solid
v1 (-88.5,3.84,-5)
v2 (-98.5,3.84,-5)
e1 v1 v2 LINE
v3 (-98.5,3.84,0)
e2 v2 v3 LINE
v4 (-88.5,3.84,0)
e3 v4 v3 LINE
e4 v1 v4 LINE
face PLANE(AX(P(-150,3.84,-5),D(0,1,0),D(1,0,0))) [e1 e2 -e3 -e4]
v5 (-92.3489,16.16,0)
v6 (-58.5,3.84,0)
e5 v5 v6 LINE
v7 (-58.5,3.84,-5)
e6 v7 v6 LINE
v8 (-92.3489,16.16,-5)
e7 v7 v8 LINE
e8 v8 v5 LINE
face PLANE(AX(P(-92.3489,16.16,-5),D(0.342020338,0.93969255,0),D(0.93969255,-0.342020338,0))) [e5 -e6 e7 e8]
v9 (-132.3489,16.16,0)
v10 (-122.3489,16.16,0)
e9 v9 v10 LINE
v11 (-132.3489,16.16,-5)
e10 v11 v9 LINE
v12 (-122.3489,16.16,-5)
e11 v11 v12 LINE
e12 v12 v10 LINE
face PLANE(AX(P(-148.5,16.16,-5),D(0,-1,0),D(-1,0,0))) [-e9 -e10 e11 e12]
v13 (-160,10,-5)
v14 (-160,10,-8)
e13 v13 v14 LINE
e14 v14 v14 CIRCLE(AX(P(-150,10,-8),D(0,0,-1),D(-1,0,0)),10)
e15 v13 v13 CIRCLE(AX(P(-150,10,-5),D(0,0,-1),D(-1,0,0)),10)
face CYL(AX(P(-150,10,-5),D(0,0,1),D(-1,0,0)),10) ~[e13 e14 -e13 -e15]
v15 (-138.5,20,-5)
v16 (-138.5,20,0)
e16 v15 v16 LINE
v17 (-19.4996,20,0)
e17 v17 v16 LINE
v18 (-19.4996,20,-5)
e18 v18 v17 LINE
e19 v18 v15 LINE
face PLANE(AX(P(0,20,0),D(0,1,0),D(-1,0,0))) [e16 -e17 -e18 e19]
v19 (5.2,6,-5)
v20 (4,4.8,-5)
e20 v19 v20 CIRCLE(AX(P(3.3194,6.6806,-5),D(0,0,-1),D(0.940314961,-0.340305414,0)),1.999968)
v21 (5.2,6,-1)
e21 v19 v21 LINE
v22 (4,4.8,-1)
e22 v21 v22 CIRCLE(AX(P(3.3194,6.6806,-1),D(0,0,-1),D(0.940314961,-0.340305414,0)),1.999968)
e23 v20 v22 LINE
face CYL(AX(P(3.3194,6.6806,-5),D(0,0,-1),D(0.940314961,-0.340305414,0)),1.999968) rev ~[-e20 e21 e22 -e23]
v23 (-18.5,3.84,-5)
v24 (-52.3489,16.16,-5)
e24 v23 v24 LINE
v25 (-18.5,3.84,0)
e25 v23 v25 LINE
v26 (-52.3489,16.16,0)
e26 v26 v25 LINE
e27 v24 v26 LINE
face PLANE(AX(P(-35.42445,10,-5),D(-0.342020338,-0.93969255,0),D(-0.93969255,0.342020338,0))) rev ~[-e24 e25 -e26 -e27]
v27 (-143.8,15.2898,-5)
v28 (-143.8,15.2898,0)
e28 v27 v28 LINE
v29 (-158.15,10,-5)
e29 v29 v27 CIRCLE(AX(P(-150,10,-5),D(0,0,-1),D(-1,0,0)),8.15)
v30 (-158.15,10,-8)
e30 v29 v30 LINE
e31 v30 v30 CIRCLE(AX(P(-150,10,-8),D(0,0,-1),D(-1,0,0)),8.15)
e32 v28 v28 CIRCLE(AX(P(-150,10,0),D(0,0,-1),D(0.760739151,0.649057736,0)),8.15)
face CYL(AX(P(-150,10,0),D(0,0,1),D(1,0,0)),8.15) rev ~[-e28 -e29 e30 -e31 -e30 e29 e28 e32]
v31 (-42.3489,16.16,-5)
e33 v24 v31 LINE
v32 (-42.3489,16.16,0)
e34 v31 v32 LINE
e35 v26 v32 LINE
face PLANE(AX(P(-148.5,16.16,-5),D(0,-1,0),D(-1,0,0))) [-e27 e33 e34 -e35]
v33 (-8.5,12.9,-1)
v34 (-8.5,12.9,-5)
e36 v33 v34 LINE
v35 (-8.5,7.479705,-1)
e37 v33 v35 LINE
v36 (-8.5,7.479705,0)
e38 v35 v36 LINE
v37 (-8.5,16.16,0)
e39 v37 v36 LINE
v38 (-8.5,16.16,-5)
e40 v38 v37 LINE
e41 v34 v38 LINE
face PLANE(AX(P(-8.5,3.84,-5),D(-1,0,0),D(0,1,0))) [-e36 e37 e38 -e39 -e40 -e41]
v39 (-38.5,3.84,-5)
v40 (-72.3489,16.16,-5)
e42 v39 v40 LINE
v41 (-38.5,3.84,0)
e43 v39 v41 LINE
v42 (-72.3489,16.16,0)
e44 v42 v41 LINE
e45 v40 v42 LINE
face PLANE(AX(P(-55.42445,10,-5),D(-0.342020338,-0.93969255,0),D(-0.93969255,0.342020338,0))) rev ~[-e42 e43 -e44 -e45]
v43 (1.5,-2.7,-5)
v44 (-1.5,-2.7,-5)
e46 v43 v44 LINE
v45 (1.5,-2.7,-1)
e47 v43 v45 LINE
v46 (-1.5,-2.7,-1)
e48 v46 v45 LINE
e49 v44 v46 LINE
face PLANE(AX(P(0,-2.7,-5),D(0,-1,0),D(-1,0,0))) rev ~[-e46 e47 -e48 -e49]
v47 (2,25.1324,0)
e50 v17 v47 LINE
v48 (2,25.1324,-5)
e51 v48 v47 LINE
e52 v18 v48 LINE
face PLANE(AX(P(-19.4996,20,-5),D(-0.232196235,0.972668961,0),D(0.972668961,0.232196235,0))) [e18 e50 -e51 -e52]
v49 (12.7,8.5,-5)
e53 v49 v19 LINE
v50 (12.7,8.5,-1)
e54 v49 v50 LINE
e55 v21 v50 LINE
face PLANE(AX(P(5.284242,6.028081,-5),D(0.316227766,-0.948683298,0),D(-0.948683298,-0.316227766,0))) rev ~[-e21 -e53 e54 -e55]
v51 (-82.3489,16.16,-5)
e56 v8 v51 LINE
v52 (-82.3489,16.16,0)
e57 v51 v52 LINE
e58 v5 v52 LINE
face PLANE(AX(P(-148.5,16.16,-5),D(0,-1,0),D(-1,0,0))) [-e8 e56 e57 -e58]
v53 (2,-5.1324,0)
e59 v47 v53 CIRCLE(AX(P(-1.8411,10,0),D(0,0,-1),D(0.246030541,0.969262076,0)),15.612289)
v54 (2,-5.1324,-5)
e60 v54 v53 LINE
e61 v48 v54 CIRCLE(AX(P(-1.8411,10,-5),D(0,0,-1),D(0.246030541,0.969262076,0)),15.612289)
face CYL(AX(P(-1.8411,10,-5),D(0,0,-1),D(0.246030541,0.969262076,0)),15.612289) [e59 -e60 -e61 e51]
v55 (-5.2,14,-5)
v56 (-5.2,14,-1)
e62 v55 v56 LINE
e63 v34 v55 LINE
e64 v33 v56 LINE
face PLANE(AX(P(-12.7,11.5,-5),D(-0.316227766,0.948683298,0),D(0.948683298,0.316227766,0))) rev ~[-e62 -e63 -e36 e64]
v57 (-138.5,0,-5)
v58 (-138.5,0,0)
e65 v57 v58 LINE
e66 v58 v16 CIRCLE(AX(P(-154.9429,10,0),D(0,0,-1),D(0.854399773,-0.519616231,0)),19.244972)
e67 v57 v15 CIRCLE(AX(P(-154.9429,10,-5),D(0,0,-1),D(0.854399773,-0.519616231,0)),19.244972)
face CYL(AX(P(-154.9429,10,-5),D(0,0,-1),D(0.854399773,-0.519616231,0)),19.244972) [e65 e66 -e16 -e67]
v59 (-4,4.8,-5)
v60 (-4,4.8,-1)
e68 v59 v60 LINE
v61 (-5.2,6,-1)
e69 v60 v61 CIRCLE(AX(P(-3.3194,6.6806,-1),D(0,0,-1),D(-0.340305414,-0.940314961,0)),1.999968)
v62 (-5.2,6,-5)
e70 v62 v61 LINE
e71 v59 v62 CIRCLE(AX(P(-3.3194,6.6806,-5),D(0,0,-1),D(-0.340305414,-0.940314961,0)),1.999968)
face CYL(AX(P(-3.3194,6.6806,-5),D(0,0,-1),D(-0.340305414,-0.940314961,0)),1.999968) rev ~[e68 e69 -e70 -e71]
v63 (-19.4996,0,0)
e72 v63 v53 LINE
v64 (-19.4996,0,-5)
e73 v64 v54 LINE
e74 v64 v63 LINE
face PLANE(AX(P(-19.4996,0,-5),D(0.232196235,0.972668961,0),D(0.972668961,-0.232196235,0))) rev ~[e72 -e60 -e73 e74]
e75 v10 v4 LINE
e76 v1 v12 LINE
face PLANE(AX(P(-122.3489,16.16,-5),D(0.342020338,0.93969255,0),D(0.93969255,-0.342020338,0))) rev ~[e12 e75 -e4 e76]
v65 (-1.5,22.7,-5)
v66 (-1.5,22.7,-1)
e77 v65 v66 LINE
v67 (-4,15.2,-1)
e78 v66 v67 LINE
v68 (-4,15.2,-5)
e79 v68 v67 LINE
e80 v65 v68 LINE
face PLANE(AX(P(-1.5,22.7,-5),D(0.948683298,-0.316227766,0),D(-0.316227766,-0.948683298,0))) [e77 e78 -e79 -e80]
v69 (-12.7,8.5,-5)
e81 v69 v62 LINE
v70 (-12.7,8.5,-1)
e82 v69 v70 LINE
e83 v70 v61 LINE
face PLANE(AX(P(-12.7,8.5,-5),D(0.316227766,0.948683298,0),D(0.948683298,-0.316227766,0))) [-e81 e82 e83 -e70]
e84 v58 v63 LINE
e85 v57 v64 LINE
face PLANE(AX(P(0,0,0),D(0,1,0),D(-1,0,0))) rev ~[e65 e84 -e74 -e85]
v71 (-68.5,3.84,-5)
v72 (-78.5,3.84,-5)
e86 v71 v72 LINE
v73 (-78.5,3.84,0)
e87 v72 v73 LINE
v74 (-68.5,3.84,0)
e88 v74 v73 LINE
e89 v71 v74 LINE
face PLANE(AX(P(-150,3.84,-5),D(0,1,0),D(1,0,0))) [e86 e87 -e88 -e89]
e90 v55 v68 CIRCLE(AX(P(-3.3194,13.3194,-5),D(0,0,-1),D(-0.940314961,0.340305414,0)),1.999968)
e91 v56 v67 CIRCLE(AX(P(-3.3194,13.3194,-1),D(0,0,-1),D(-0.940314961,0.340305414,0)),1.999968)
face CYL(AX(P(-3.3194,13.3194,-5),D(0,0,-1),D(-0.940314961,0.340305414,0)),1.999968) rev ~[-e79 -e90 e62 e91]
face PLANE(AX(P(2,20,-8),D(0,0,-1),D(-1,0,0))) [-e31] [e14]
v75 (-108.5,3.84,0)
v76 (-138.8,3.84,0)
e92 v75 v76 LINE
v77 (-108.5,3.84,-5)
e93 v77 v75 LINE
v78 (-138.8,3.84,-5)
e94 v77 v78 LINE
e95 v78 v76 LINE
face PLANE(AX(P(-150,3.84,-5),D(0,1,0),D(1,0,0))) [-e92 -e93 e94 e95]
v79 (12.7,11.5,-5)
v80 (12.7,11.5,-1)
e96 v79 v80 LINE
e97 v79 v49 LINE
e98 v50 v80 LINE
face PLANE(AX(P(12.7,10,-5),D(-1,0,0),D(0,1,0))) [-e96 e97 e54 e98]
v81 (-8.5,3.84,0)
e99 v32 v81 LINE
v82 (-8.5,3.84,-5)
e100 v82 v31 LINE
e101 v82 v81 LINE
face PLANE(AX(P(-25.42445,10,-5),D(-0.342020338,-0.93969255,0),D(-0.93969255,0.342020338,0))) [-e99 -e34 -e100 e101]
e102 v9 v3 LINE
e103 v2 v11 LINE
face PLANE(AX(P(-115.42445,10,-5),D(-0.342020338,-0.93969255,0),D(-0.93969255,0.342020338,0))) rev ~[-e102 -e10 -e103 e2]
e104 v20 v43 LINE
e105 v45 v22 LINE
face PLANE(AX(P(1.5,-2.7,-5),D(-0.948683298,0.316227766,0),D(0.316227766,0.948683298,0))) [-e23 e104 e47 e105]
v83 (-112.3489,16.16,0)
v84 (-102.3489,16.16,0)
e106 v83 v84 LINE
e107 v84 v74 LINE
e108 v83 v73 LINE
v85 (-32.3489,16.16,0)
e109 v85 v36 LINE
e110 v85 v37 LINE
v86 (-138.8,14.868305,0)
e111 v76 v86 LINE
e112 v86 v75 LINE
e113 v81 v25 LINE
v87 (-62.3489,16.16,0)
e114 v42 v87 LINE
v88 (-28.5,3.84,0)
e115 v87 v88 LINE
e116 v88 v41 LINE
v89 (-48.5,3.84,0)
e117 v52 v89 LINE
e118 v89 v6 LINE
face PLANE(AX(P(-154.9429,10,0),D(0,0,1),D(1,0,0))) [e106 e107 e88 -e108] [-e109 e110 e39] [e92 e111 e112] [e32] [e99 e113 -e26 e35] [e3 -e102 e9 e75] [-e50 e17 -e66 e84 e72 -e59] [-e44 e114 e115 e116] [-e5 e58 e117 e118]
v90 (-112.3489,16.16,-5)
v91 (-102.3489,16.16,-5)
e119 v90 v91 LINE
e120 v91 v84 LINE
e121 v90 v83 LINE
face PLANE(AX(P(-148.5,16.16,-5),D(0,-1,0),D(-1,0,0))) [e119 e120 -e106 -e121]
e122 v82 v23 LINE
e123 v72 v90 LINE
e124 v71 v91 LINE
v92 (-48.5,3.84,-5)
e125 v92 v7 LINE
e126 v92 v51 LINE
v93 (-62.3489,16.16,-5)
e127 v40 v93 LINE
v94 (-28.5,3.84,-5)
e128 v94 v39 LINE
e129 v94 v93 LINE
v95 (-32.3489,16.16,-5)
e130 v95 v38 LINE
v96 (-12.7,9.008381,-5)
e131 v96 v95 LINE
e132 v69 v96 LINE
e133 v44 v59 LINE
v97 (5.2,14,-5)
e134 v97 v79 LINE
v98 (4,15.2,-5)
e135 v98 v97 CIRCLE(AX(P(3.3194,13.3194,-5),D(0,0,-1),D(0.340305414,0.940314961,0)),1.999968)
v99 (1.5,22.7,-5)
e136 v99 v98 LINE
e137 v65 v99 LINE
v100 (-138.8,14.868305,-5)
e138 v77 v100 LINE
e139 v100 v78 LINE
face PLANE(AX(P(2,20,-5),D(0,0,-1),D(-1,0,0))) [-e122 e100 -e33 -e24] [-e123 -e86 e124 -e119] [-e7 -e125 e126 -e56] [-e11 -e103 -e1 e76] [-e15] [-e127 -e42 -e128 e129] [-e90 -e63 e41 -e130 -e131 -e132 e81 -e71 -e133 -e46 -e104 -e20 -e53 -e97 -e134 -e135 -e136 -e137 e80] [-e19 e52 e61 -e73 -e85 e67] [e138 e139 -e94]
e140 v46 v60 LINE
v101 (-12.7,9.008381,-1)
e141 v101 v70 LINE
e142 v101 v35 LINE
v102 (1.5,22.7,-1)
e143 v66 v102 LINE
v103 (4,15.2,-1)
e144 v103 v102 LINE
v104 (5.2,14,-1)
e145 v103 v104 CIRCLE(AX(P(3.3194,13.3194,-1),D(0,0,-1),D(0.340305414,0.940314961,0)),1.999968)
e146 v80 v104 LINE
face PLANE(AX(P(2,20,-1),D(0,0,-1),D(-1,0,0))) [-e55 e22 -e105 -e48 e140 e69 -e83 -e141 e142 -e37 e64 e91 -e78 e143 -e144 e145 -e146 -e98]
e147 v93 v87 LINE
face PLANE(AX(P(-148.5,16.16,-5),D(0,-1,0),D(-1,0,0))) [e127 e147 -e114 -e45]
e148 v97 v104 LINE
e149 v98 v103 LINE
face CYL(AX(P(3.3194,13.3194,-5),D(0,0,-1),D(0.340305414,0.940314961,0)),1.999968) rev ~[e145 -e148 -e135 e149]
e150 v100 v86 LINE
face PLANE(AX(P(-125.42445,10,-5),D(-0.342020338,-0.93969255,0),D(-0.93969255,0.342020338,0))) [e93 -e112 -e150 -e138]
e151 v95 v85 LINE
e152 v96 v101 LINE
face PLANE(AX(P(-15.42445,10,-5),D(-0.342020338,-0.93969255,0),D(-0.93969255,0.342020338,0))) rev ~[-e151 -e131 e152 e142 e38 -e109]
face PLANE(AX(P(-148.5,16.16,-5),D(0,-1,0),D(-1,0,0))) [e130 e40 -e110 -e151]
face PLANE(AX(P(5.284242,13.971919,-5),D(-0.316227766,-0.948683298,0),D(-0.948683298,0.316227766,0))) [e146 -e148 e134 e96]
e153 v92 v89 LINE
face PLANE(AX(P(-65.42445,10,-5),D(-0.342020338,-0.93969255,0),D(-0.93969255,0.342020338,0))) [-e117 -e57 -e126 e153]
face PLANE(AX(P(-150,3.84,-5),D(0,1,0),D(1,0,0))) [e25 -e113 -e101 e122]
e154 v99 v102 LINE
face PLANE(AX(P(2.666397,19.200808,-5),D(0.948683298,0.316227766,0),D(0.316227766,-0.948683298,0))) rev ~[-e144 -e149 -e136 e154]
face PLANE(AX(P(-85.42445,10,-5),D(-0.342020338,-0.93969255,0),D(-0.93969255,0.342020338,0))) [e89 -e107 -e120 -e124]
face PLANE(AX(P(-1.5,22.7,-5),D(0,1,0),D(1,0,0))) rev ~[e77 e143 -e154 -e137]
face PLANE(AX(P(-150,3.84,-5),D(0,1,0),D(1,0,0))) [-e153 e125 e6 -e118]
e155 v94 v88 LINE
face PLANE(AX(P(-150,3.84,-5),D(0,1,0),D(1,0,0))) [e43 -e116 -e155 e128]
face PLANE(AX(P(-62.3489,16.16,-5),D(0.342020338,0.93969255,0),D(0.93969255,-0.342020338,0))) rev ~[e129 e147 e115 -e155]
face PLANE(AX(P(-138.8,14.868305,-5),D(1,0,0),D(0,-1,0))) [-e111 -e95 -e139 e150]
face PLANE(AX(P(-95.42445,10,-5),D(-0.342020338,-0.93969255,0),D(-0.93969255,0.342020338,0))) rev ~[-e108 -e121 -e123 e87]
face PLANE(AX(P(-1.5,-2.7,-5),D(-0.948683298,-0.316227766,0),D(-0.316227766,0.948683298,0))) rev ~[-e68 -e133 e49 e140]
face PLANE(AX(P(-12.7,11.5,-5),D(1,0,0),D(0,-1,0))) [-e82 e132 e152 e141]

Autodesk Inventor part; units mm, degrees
ref_plane "YZ Plane" through (0, 0, 0) normal (1, 0, 0) x (0, 1, 0)
ref_plane "XZ Plane" through (0, 0, 0) normal (0, 1, 0) x (-1, 0, 0)
sketch "Szkic1" plane through (0, 0, 0) normal (0, 1, 0) x (-1, 0, 0)
  line L0 (0, 0) -> (150, 0)
  line L1 (150, 0) -> (150, -5)
  line L2 (150, -5) -> (0, -5)
  line L3 (0, -5) -> (0, 0)
  dimension "d0" = 150
  dimension "d1" = 5
extrude "Wyciągnięcie proste1" add sketch "Szkic1" along normal blind 20
sketch "Szkic2" plane through (0, 0, -5) normal (0, 0, -1) x (-1, 0, 0)
  line L0 (0, 0) -> (0, 20) projected
  circle A0 centre (0, 10) radius 2.95
  line L1 (0, 20) -> (-2, 20)
  line L2 (0, 0) -> (-2, 0)
  arc A1 (-2, 20) -> (-2, 0) centre (9.1803, 10) ccw
  line L3 (0, 10) -> (150, 10)
  line L4 (150, 10) -> (138.5, 10)
  line L5 (138.5, 10) -> (170.9, 10)
  line L6 (150, 0) -> (150, 20) projected
  line L7 (138.5, 10) -> (170.9, 10) construction
  line L8 (138.5, 10) -> (170.9, 10)
  line L9 (170.9, 10) -> (170.9, 16.16)
  line L10 (170.9, 16.16) -> (138.5, 16.16)
  line L11 (138.5, 16.16) -> (138.5, 10)
  line L12 (138.5, 10) -> (170.9, 10)
  line L13 (170.9, 10) -> (170.9, 3.84)
  line L14 (170.9, 3.84) -> (138.5, 3.84)
  line L15 (138.5, 3.84) -> (138.5, 10)
  line L16 (0, 0) -> (150, 0) projected
  line L17 (0, 20) -> (150, 20) projected
  arc A2 (138.5, 0) -> (138.5, 20) centre (154.9429, 10) ccw
  point P0 (150, 3.84)
  point P1 (150, 16.16)
  point P2 (0, 7.05)
  point P3 (0, 12.95)
  dimension "d4" = 5.9
  dimension "d5" = 2
  dimension "d6" = 2
  dimension "d7" = 15
  dimension "d8" = 150
  dimension "d9" = 11.5
  dimension "d10" = 32.4
  dimension "d11" = 0
  dimension "d12" = 6.16
  dimension "d13" = 6.16
extrude "Wyciągnięcie proste2" add sketch "Szkic2" against normal blind 5 contours L2 A1 L1 L0 A0 | L16 L6 L14 L13 L9 L10 L17 A2
sketch "Szkic3" plane through (2, 20, -5) normal (0, 0, -1) x (-1, 0, 0)
  arc A0 (2, -7.05) -> (2, -12.95) centre (2, -10) ccw projected
  circle A1 centre (2, -10) radius 2.95
  line L0 (152, -16.16) -> (152, -3.84) projected
  line L1 (152, -16.16) -> (150.5, -16.16)
  line L2 (150.5, -16.16) -> (150.5, -3.84)
  line L3 (150.5, -3.84) -> (152, -3.84)
  line L4 (140.5, -16.16) -> (10.5, -16.16)
  line L5 (10.5, -16.16) -> (10.5, -3.84)
  line L6 (10.5, -3.84) -> (140.5, -3.84)
  line L7 (140.5, -3.84) -> (140.5, -16.16)
  line L8 (150.5, -16.16) -> (150.3, -16.16)
  line L9 (150.3, -16.16) -> (150.3, -3.84)
  line L10 (150.3, -3.84) -> (150.5, -3.84)
  line L11 (152, -16.16) -> (140.5, -16.16)
  line L12 (140.5, -16.16) -> (140.5, -3.84)
  line L13 (140.5, -3.84) -> (152, -3.84)
  line L14 (152, -3.84) -> (152, -16.16)
  point P0 (2, -20)
  dimension "d16" = 1.5
  dimension "d17" = 130
  dimension "d18" = 12.32
  dimension "d21" = 0.2
  dimension "d24" = 11.5
extrude "Wyciągnięcie proste3" cut sketch "Szkic3" against normal through all
sketch "Szkic5" plane through (2, 20, -5) normal (0, 0, -1) x (-1, 0, 0)
  circle A0 centre (2, -10) radius 2.95 projected
  line L0 (2, -10) -> (152, -10)
  line L1 (2, -10) -> (152, -10) construction
  circle A1 centre (152, -10) radius 5.0551
  line L2 (152, -10) -> (145.8, -10)
  line L3 (145.8, -10) -> (145.8, -3.84)
  line L4 (10.5, -3.84) -> (172.9, -3.84) projected
  line L5 (145.8, -3.84) -> (140.8, -3.84)
  line L6 (140.8, -3.84) -> (140.8, -16.16)
  line L7 (172.9, -16.16) -> (10.5, -16.16) projected
  line L8 (145.8, -10) -> (145.8, -16.16)
  line L9 (145.8, -16.16) -> (140.8, -16.16)
  line L10 (10.5, -16.16) -> (10.5, -3.84) projected
  line L11 (10.5, -16.16) -> (44.3489, -3.84)
  line L12 (10.5, -16.16) -> (46.5213, -16.16) construction
  line L13 (44.3489, -3.84) -> (54.3489, -3.84)
  line L14 (10.5, -16.16) -> (20.5, -16.16)
  line L15 (20.5, -16.16) -> (54.3489, -3.84)
  line L16 (20.5, -16.16) -> (30.5, -16.16)
  line L17 (54.3489, -3.84) -> (64.3489, -3.84)
  line L18 (64.3489, -3.84) -> (30.5, -16.16)
  line L19 (44.3489, -3.84) -> (34.3489, -3.84)
  line L20 (10.5, -16.16) -> (0.5, -16.16)
  line L21 (0.5, -16.16) -> (34.3489, -3.84)
  line L22 (40.5, -16.16) -> (74.3489, -3.84)
  line L23 (50.5, -16.16) -> (84.3489, -3.84)
  line L24 (94.3489, -3.84) -> (60.5, -16.16)
  line L25 (30.5, -16.16) -> (64.3489, -3.84)
  line L26 (70.5, -16.16) -> (104.3489, -3.84)
  line L27 (80.5, -16.16) -> (114.3489, -3.84)
  line L28 (124.3489, -3.84) -> (90.5, -16.16)
  line L29 (60.5, -16.16) -> (94.3489, -3.84)
  line L30 (100.5, -16.16) -> (134.3489, -3.84)
  line L31 (110.5, -16.16) -> (144.3489, -3.84)
  line L32 (90.5, -16.16) -> (124.3489, -3.84)
  point P0 (2, -20)
  point P1 (10.5, -12.5203)
  point P2 (60.5, -16.16)
  point P3 (140.8, -5.1317)
  dimension "d25" = 150
  dimension "d26" = 0
  dimension "d27" = 6.2
  dimension "d28" = 5
  dimension "d29" = 20
  dimension "d30" = 10
  dimension "d31" = 10
  dimension "d32" = 10
  dimension "d33" = 10
  dimension "d34" = 10
  dimension "d35" = 10
  dimension "d36" = 10
  dimension "d37" = 10
  dimension "d38" = 10
  dimension "d39" = 10
  dimension "d40" = 10
  dimension "d41" = 10
  dimension "d42" = 10
  dimension "d43" = 10
  dimension "d44" = 10
  dimension "d45" = 10
  dimension "d46" = 10
  dimension "d47" = 10
  dimension "d48" = 10
  dimension "d49" = 10
  dimension "d52" = 10
  dimension "d53" = 10
extrude "Wyciągnięcie proste4" add sketch "Szkic5" against normal blind 5 contours L21 L4 L11 L0 | L0 L11 L10 L21 | L15 L4 L18 L0 | L0 L18 L7 L15 | L22 L4 L23 L0 | L0 L23 L7 L22 | L24 L4 L26 L0 | L0 L26 L7 L24 | L27 L4 L28 L0 | L0 L28 L7 L27 | L30 L4 L6 L31 L0 | L0 L31 L7 L30 | L6 L31 L4 L3 L0 | L0 L8 L7 L6 | L6 L4 L31
sketch "Szkic6" plane through (-138.5, 0, 0) normal (0, 0, 1) x (1, 0, 0)
  circle A0 centre (138.5, 10) radius 2.95 projected
  circle A1 centre (138.5, 10) radius 2.85
  circle A2 centre (138.5, 10) radius 2.95
  point P0 (138.5, 0)
  dimension "d56" = 5.7
extrude "Wyciągnięcie proste5" add sketch "Szkic6" against normal blind 5
ref_plane "Płaszczyzna konstrukcyjna1" through (-138.5, 0, -1) normal (0, 0, 1) x (1, 0, 0)
sketch "Szkic7" plane through (-138.5, 0, -1) normal (0, 0, 1) x (1, 0, 0)
  circle A0 centre (138.5, 10) radius 2.85 projected
  circle A1 centre (138.5, 10) radius 1.25
  circle A2 centre (138.5, 10) radius 2.85
  point P0 (138.5, 0)
  dimension "d60" = 2.5
extrude "Wyciągnięcie proste6" add sketch "Szkic7" against normal blind 1
sketch "Szkic8" plane through (-138.5, 0, 0) normal (0, 0, 1) x (1, 0, 0)
  point P0 (138.5, 0)
sketch "Szkic9" plane through (-138.5, 0, 0) normal (0, 0, 1) x (1, 0, 0)
  circle A0 centre (138.5, 10) radius 1.25 projected
  line L0 (138.5, 10) -> (-11.5, 10)
  line L1 (138.5, 10) -> (288.5, 10) construction
  circle A1 centre (-11.5, 10) radius 8.15
  point P0 (138.5, 0)
  dimension "d63" = 150
  dimension "d64" = 180
  dimension "d65" = 16.3
extrude "Wyciągnięcie proste7" cut sketch "Szkic9" against normal through all contours A1
sketch "Szkic10" plane through (-138.5, 0, 0) normal (0, 0, 1) x (1, 0, 0)
  arc A0 (-5.3, 4.7102) -> (-5.3, 15.2898) centre (-11.5, 10) ccw projected
  circle A1 centre (-11.5, 10) radius 8.15
  line L0 (-32.5164, 20) -> (-2.9538, 20)
  line L1 (-2.9538, 20) -> (-2.9538, 1.85)
  line L2 (-2.9538, 1.85) -> (-32.5164, 1.85)
  line L3 (-32.5164, 1.85) -> (-32.5164, 20)
  point P0 (138.5, 0)
  point P1 (-11.5, 1.85)
  point P2 (-5.3, 15.2898)
extrude "Wyciągnięcie proste8" add sketch "Szkic10" against normal blind 5
sketch "Szkic11" plane through (2, 20, -5) normal (0, 0, -1) x (-1, 0, 0)
  circle A0 centre (152, -10) radius 8.15 projected
  circle A1 centre (152, -10) radius 8.15
  circle A2 centre (152, -10) radius 10
  point P0 (2, -20)
  dimension "d70" = 20
extrude "Wyciągnięcie proste9" add sketch "Szkic11" along normal blind 3
sketch "Szkic12" plane through (2, 20, -5) normal (0, 0, -1) x (-1, 0, 0)
  circle A0 centre (2, -10) radius 1.25 projected
  circle A1 centre (2, -10) radius 5.2
  arc A2 (0, 0) -> (0, -20) centre (11.1803, -10) ccw projected
  line L0 (2, -10) -> (14.7, -10)
  line L1 (2, -10) -> (2, 2.7)
  line L2 (2, -10) -> (-10.7, -10)
  line L3 (2, -10) -> (2, -22.7)
  line L4 (2, -15.2) -> (6, -15.2)
  line L5 (6, -15.2) -> (2, -15.2)
  line L6 (2, -15.2) -> (-2, -15.2)
  line L7 (7.2, -10) -> (7.2, -6)
  line L8 (7.2, -10) -> (7.2, -14)
  line L9 (2, -4.8) -> (-2, -4.8)
  line L10 (2, -4.8) -> (6, -4.8)
  line L11 (-3.2, -10) -> (-3.2, -14)
  line L12 (-3.2, -10) -> (-3.2, -6)
  line L13 (2, -22.7) -> (3.5, -22.7)
  line L14 (3.5, -22.7) -> (2, -22.7)
  line L15 (2, -22.7) -> (0.5, -22.7)
  line L16 (3.5, -22.7) -> (6, -15.2)
  line L17 (0.5, -22.7) -> (-2, -15.2)
  line L18 (14.7, -8.5) -> (7.2, -6)
  line L19 (14.7, -11.5) -> (7.2, -14)
  line L20 (14.7, -8.5) -> (14.7, -10)
  line L21 (0.5, 2.7) -> (-2, -4.8)
  line L22 (3.5, 2.7) -> (6, -4.8)
  line L23 (0.5, 2.7) -> (2, 2.7)
  line L24 (-10.7, -11.5) -> (-3.2, -14)
  line L25 (-10.7, -8.5) -> (-3.2, -6)
  line L26 (-10.7, -11.5) -> (-10.7, -10)
  line L27 (-10.7, -11.5) -> (-10.7, -8.5)
  line L28 (14.7, -11.5) -> (14.7, -8.5)
  line L29 (3.5, 2.7) -> (0.5, 2.7)
  arc A3 (7.2, -6) -> (6, -4.8) centre (5.3194, -6.6806) ccw
  arc A4 (-2, -4.8) -> (-3.2, -6) centre (-1.3194, -6.6806) ccw
  arc A5 (-3.2, -14) -> (-2, -15.2) centre (-1.3194, -13.3194) ccw
  arc A6 (6, -15.2) -> (7.2, -14) centre (5.3194, -13.3194) ccw
  point P0 (2, -20)
  dimension "d73" = 10.4
  dimension "d75" = 12.7
  dimension "d76" = 12.7
  dimension "d77" = 12.7
  dimension "d78" = 12.7
  dimension "d79" = 4
  dimension "d80" = 4
  dimension "d83" = 360
  dimension "d85" = 1.5
  dimension "d86" = 1.5
  dimension "d89" = 360
  dimension "d91" = 2
  dimension "d92" = 2
  dimension "d93" = 2
  dimension "d94" = 2
sketch "Szkic13" plane through (2, 20, -5) normal (0, 0, -1) x (-1, 0, 0)
  line L0 (140.5, 0) -> (0, 0) projected
  line L1 (21.4996, 0) -> (0, 5.1324)
  arc A0 (0, 0) -> (0, -20) centre (11.1803, -10) ccw projected
  line L2 (-3.8197, -10) -> (24.797, -10)
  line L3 (21.4996, -20) -> (0, -25.1324)
  arc A1 (0, 5.1324) -> (0, -25.1324) centre (3.8411, -10) ccw
  line L4 (21.4996, 0) -> (21.4996, -20)
  line L5 (140.5, -20) -> (0, -20) projected
  point P0 (2, -20)
extrude "Wyciągnięcie proste10" add sketch "Szkic13" against normal blind 5 contours L0 A0 L5 L3 A1 L1
extrude "Wyciągnięcie proste11" cut sketch "Szkic12" against normal blind 4 contours L0 L1 A0 | L0 A1 L3 A0 | A0 L3 L0 | A0 L1 A1 L0 | L1 L2 A0 | A0 L2 A1 L1 | L3 A1 L2 A0 | A0 L2 L3 | L8 A6 L4 A1 | L7 L18 L20 L0 | A1 L10 A3 L7 | L0 L28 L19 L8 | L9 L21 L23 L1 | A1 L12 A4 L9 | L1 L29 L22 L10 | L6 A5 L11 A1 | L4 L16 L13 L3 | L3 L15 L17 L6 | L11 L24 A2 L2 | L2 A2 L25 L12 | L2 L27 L25 A2 | A2 L24 L26 L2
ref_plane "Płaszczyzna konstrukcyjna2" through (-22.3, 8.5, -5) normal (-1, 0, 0) x (0, 0, 1)
sketch "Szkic14" plane through (-154.9429, 10, 0) normal (0, 0, 1) x (1, 0, 0)
  circle A0 centre (154.9429, 0) radius 2.85 projected
  circle A1 centre (154.9429, 0) radius 2.85
  point P0 (154.9429, -10)
extrude "Wyciągnięcie proste12" add sketch "Szkic14" against normal blind 1
properties part number "arm_v3"
